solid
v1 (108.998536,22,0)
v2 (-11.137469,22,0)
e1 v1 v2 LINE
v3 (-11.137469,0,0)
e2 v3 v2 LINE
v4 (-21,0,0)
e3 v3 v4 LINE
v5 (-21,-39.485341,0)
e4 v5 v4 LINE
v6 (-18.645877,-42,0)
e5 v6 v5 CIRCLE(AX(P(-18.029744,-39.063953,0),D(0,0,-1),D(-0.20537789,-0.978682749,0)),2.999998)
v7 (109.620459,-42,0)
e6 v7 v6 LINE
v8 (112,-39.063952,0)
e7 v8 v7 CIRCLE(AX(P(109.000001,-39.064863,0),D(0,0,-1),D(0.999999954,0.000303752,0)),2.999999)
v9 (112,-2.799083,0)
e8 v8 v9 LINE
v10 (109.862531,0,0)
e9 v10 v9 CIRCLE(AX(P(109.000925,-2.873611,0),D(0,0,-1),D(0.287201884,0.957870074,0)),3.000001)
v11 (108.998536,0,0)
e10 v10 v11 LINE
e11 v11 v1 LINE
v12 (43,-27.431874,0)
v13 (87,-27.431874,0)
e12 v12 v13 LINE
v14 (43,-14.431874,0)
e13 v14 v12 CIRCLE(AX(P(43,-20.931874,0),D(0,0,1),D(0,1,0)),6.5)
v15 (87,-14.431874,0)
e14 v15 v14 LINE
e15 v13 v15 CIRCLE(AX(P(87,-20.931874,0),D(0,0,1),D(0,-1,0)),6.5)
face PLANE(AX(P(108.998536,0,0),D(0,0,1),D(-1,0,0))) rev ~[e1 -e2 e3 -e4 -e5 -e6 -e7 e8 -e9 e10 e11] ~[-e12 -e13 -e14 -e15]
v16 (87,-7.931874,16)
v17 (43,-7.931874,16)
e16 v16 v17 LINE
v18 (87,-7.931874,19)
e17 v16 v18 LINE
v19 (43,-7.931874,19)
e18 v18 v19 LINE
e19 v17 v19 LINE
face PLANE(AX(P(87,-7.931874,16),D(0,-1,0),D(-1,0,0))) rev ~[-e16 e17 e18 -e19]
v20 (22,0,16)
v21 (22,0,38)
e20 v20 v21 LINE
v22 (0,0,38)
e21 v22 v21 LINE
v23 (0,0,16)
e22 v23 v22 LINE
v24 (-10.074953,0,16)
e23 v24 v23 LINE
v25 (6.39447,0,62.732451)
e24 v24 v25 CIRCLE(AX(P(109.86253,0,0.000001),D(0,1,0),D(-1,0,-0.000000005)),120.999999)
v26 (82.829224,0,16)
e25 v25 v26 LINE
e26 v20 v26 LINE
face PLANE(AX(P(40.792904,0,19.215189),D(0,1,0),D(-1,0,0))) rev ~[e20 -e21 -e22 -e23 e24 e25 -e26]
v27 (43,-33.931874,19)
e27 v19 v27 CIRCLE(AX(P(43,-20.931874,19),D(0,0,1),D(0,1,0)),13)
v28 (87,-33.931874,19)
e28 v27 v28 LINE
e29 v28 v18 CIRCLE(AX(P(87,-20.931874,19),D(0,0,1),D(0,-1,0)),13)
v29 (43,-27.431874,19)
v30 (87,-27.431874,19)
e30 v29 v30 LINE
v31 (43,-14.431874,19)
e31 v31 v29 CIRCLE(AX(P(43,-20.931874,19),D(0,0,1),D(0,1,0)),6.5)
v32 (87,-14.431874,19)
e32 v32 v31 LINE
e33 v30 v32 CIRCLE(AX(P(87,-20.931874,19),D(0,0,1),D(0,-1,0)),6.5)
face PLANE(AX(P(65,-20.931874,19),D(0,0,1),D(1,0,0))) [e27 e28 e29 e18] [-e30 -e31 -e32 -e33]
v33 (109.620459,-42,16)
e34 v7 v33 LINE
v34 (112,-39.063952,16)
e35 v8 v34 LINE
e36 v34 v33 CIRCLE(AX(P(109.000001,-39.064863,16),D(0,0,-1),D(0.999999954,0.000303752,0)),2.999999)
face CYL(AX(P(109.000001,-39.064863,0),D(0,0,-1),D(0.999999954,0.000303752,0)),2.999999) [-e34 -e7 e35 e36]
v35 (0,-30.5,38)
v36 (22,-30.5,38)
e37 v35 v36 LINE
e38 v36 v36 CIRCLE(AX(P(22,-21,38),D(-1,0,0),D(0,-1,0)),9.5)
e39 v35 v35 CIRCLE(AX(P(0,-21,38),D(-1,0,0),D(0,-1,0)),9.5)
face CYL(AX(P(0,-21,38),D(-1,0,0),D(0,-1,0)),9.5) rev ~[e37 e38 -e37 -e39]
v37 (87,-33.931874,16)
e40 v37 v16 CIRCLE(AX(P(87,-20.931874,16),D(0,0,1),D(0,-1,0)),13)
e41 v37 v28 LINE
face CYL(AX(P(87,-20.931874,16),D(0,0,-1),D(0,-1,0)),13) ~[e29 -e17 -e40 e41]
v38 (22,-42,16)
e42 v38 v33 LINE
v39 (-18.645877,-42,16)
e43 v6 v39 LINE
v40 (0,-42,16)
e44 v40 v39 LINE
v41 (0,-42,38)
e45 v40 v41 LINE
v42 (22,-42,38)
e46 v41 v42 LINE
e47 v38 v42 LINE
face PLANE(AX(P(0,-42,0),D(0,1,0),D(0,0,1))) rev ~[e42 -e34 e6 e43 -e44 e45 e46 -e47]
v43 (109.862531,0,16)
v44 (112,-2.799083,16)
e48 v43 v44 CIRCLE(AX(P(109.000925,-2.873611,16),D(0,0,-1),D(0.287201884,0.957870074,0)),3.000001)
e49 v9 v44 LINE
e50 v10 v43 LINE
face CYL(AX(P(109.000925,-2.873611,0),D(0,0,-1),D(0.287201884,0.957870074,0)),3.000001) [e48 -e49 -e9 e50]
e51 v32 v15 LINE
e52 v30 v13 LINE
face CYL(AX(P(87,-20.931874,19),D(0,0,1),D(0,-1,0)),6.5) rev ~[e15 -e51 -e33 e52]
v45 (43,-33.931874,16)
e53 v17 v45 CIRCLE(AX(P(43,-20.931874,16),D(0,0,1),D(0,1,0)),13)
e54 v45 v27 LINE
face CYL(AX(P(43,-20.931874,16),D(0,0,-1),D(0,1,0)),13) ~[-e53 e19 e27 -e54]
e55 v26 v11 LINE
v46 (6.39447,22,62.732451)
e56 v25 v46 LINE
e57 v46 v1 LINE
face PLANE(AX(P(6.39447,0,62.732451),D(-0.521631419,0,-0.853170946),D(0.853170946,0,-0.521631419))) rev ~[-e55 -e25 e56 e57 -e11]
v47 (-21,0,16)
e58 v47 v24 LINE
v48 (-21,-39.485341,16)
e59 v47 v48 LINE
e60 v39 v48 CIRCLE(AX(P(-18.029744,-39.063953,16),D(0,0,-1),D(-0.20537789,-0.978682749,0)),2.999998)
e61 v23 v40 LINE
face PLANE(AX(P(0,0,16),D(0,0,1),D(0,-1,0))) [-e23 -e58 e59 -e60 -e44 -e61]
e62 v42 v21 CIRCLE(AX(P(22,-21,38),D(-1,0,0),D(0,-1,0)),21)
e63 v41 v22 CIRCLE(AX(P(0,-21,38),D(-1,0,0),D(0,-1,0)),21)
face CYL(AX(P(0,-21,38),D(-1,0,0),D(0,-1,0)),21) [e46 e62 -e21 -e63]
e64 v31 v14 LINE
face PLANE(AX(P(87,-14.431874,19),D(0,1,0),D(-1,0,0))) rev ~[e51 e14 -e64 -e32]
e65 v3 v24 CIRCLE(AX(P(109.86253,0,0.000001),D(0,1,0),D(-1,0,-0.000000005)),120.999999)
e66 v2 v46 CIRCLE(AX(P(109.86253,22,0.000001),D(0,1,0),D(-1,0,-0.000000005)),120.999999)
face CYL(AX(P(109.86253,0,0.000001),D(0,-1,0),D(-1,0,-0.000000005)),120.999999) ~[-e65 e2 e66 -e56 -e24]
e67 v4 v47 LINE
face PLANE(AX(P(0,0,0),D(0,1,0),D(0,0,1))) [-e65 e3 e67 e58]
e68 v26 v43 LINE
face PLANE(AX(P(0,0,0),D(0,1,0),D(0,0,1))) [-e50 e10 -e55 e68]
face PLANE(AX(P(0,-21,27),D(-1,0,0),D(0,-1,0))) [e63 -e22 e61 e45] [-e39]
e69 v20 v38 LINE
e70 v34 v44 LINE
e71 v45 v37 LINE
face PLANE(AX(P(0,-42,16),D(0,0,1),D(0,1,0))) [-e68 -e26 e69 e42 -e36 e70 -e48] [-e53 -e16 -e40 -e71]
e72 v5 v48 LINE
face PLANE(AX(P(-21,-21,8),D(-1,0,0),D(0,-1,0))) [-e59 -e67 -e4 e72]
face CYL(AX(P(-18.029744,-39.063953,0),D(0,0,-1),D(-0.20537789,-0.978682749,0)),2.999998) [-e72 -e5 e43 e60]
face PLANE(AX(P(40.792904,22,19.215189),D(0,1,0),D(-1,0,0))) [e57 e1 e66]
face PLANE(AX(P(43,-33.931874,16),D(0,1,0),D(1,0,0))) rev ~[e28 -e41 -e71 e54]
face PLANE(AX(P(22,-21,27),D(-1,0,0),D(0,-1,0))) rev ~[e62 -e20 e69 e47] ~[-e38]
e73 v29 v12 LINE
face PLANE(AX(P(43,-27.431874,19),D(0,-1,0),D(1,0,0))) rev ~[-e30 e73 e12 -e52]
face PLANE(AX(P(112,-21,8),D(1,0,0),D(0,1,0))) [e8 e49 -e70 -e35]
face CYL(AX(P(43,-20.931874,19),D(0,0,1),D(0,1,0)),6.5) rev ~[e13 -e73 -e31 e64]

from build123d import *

# Parameters (mm, degrees)
F0_W      = 42
F0_H      = 16
F1_DEPTH  = 112
F2_W      = 42
F2_H      = 22
F3_DEPTH  = 22
F4_R      = 9.5
F5_DEPTH  = 25
F6_W      = 42
F6_H      = 16
F7_DEPTH  = 21
F9_DEPTH  = 3
F11_DEPTH = 58
F13_DEPTH = 54
F15_DEPTH = 22


with BuildPart() as f1:
    # F0 (on Right) → F1 (new body)
    with BuildSketch(Plane.YZ):
        with Locations((-21, 8)):
            Rectangle(F0_W, F0_H)
    extrude(amount=F1_DEPTH)

    # F2 (on face) → F3 (join)
    with BuildSketch(Plane(origin=(0, 0, 0), x_dir=(0, -1, 0), z_dir=(-1, 0, 0))):
        with Locations((21, 27)):
            Rectangle(F2_W, F2_H)
        with BuildLine():
            ThreePointArc((42, 38), (21, 59), (0, 38))
            Line((0, 38), (42, 38))
        make_face()
    extrude(amount=-F3_DEPTH)

    # F4 (on face) → F5 (cut)
    with BuildSketch(Plane(origin=(0, 0, 0), x_dir=(0, -1, 0), z_dir=(-1, 0, 0))):
        with Locations((21, 38)):
            Circle(F4_R)
    extrude(amount=-F5_DEPTH, mode=Mode.SUBTRACT)

    # F6 (on face) → F7 (join)
    with BuildSketch(Plane(origin=(0, 0, 0), x_dir=(0, -1, 0), z_dir=(-1, 0, 0))):
        with Locations((21, 8)):
            Rectangle(F6_W, F6_H)
    extrude(amount=F7_DEPTH)

    # F8 (on face) → F9 (join)
    with BuildSketch(Plane.XY.offset(16)):
        with BuildLine():
            Line((87, -7.931874), (43, -7.931874))
            ThreePointArc((43, -7.931874), (30, -20.931874), (43, -33.931874))
            Line((43, -33.931874), (87, -33.931874))
            ThreePointArc((87, -33.931874), (100, -20.931874), (87, -7.931874))
        make_face()
    extrude(amount=F9_DEPTH)

    # F10 (on face) → F11 (cut)
    with BuildSketch(Plane.XY.offset(19)):
        with BuildLine():
            Line((87, -14.431874), (43, -14.431874))
            ThreePointArc((43, -14.431874), (36.5, -20.931874), (43, -27.431874))
            Line((43, -27.431874), (87, -27.431874))
            ThreePointArc((87, -27.431874), (93.5, -20.931874), (87, -14.431874))
        make_face()
    extrude(amount=-F11_DEPTH, mode=Mode.SUBTRACT)

    # F12 (on Top) → F13 (cut)
    with BuildSketch(Plane.XY):
        with BuildLine():
            Line((-18.401096, 0), (-17.609082, 0))
            ThreePointArc((-17.609082, 0), (-18.005089, 0.026252), (-18.401096, 0))
        make_face()
        with BuildLine():
            Line((-21, -39.485341), (-21, -38.642563))
            ThreePointArc((-21, -38.642563), (-21.029742, -39.063952), (-21, -39.485341))
        make_face()
        with BuildLine():
            ThreePointArc((-18.645877, -42), (-20.219818, -41.114213), (-21, -39.485341))
            Line((-21, -39.485341), (-21, -42))
            Line((-21, -42), (-18.645877, -42))
        make_face()
        with BuildLine():
            Line((108.139321, 0), (109.862531, 0))
            ThreePointArc((109.862531, 0), (109.000926, 0.126389), (108.139321, 0))
        make_face()
        with BuildLine():
            ThreePointArc((109.862531, 0), (111.385234, -1.052876), (112, -2.799083))
            Line((112, -2.799083), (112, 0))
            Line((112, 0), (109.862531, 0))
        make_face()
        with BuildLine():
            ThreePointArc((112, -39.063952), (111.330671, -40.953771), (109.620459, -42))
            Line((109.620459, -42), (112.000891, -42))
            Line((112.000891, -42), (112, -39.063952))
        make_face()
    extrude(amount=F13_DEPTH, mode=Mode.SUBTRACT)

    # F14 (on face) → F15 (join)
    with BuildSketch(Plane(origin=(0, 0, 0), x_dir=(-1, 0, 0), z_dir=(0, 1, 0))):
        with BuildLine():
            Line((-108.998536, 0), (11.137469, 0))
            ThreePointArc((11.137469, 0), (6.672089, 32.568119), (-6.39447, 62.732451))
            Line((-6.39447, 62.732451), (-108.998536, 0))
        make_face()
    extrude(amount=F15_DEPTH)


solid = f1.part
